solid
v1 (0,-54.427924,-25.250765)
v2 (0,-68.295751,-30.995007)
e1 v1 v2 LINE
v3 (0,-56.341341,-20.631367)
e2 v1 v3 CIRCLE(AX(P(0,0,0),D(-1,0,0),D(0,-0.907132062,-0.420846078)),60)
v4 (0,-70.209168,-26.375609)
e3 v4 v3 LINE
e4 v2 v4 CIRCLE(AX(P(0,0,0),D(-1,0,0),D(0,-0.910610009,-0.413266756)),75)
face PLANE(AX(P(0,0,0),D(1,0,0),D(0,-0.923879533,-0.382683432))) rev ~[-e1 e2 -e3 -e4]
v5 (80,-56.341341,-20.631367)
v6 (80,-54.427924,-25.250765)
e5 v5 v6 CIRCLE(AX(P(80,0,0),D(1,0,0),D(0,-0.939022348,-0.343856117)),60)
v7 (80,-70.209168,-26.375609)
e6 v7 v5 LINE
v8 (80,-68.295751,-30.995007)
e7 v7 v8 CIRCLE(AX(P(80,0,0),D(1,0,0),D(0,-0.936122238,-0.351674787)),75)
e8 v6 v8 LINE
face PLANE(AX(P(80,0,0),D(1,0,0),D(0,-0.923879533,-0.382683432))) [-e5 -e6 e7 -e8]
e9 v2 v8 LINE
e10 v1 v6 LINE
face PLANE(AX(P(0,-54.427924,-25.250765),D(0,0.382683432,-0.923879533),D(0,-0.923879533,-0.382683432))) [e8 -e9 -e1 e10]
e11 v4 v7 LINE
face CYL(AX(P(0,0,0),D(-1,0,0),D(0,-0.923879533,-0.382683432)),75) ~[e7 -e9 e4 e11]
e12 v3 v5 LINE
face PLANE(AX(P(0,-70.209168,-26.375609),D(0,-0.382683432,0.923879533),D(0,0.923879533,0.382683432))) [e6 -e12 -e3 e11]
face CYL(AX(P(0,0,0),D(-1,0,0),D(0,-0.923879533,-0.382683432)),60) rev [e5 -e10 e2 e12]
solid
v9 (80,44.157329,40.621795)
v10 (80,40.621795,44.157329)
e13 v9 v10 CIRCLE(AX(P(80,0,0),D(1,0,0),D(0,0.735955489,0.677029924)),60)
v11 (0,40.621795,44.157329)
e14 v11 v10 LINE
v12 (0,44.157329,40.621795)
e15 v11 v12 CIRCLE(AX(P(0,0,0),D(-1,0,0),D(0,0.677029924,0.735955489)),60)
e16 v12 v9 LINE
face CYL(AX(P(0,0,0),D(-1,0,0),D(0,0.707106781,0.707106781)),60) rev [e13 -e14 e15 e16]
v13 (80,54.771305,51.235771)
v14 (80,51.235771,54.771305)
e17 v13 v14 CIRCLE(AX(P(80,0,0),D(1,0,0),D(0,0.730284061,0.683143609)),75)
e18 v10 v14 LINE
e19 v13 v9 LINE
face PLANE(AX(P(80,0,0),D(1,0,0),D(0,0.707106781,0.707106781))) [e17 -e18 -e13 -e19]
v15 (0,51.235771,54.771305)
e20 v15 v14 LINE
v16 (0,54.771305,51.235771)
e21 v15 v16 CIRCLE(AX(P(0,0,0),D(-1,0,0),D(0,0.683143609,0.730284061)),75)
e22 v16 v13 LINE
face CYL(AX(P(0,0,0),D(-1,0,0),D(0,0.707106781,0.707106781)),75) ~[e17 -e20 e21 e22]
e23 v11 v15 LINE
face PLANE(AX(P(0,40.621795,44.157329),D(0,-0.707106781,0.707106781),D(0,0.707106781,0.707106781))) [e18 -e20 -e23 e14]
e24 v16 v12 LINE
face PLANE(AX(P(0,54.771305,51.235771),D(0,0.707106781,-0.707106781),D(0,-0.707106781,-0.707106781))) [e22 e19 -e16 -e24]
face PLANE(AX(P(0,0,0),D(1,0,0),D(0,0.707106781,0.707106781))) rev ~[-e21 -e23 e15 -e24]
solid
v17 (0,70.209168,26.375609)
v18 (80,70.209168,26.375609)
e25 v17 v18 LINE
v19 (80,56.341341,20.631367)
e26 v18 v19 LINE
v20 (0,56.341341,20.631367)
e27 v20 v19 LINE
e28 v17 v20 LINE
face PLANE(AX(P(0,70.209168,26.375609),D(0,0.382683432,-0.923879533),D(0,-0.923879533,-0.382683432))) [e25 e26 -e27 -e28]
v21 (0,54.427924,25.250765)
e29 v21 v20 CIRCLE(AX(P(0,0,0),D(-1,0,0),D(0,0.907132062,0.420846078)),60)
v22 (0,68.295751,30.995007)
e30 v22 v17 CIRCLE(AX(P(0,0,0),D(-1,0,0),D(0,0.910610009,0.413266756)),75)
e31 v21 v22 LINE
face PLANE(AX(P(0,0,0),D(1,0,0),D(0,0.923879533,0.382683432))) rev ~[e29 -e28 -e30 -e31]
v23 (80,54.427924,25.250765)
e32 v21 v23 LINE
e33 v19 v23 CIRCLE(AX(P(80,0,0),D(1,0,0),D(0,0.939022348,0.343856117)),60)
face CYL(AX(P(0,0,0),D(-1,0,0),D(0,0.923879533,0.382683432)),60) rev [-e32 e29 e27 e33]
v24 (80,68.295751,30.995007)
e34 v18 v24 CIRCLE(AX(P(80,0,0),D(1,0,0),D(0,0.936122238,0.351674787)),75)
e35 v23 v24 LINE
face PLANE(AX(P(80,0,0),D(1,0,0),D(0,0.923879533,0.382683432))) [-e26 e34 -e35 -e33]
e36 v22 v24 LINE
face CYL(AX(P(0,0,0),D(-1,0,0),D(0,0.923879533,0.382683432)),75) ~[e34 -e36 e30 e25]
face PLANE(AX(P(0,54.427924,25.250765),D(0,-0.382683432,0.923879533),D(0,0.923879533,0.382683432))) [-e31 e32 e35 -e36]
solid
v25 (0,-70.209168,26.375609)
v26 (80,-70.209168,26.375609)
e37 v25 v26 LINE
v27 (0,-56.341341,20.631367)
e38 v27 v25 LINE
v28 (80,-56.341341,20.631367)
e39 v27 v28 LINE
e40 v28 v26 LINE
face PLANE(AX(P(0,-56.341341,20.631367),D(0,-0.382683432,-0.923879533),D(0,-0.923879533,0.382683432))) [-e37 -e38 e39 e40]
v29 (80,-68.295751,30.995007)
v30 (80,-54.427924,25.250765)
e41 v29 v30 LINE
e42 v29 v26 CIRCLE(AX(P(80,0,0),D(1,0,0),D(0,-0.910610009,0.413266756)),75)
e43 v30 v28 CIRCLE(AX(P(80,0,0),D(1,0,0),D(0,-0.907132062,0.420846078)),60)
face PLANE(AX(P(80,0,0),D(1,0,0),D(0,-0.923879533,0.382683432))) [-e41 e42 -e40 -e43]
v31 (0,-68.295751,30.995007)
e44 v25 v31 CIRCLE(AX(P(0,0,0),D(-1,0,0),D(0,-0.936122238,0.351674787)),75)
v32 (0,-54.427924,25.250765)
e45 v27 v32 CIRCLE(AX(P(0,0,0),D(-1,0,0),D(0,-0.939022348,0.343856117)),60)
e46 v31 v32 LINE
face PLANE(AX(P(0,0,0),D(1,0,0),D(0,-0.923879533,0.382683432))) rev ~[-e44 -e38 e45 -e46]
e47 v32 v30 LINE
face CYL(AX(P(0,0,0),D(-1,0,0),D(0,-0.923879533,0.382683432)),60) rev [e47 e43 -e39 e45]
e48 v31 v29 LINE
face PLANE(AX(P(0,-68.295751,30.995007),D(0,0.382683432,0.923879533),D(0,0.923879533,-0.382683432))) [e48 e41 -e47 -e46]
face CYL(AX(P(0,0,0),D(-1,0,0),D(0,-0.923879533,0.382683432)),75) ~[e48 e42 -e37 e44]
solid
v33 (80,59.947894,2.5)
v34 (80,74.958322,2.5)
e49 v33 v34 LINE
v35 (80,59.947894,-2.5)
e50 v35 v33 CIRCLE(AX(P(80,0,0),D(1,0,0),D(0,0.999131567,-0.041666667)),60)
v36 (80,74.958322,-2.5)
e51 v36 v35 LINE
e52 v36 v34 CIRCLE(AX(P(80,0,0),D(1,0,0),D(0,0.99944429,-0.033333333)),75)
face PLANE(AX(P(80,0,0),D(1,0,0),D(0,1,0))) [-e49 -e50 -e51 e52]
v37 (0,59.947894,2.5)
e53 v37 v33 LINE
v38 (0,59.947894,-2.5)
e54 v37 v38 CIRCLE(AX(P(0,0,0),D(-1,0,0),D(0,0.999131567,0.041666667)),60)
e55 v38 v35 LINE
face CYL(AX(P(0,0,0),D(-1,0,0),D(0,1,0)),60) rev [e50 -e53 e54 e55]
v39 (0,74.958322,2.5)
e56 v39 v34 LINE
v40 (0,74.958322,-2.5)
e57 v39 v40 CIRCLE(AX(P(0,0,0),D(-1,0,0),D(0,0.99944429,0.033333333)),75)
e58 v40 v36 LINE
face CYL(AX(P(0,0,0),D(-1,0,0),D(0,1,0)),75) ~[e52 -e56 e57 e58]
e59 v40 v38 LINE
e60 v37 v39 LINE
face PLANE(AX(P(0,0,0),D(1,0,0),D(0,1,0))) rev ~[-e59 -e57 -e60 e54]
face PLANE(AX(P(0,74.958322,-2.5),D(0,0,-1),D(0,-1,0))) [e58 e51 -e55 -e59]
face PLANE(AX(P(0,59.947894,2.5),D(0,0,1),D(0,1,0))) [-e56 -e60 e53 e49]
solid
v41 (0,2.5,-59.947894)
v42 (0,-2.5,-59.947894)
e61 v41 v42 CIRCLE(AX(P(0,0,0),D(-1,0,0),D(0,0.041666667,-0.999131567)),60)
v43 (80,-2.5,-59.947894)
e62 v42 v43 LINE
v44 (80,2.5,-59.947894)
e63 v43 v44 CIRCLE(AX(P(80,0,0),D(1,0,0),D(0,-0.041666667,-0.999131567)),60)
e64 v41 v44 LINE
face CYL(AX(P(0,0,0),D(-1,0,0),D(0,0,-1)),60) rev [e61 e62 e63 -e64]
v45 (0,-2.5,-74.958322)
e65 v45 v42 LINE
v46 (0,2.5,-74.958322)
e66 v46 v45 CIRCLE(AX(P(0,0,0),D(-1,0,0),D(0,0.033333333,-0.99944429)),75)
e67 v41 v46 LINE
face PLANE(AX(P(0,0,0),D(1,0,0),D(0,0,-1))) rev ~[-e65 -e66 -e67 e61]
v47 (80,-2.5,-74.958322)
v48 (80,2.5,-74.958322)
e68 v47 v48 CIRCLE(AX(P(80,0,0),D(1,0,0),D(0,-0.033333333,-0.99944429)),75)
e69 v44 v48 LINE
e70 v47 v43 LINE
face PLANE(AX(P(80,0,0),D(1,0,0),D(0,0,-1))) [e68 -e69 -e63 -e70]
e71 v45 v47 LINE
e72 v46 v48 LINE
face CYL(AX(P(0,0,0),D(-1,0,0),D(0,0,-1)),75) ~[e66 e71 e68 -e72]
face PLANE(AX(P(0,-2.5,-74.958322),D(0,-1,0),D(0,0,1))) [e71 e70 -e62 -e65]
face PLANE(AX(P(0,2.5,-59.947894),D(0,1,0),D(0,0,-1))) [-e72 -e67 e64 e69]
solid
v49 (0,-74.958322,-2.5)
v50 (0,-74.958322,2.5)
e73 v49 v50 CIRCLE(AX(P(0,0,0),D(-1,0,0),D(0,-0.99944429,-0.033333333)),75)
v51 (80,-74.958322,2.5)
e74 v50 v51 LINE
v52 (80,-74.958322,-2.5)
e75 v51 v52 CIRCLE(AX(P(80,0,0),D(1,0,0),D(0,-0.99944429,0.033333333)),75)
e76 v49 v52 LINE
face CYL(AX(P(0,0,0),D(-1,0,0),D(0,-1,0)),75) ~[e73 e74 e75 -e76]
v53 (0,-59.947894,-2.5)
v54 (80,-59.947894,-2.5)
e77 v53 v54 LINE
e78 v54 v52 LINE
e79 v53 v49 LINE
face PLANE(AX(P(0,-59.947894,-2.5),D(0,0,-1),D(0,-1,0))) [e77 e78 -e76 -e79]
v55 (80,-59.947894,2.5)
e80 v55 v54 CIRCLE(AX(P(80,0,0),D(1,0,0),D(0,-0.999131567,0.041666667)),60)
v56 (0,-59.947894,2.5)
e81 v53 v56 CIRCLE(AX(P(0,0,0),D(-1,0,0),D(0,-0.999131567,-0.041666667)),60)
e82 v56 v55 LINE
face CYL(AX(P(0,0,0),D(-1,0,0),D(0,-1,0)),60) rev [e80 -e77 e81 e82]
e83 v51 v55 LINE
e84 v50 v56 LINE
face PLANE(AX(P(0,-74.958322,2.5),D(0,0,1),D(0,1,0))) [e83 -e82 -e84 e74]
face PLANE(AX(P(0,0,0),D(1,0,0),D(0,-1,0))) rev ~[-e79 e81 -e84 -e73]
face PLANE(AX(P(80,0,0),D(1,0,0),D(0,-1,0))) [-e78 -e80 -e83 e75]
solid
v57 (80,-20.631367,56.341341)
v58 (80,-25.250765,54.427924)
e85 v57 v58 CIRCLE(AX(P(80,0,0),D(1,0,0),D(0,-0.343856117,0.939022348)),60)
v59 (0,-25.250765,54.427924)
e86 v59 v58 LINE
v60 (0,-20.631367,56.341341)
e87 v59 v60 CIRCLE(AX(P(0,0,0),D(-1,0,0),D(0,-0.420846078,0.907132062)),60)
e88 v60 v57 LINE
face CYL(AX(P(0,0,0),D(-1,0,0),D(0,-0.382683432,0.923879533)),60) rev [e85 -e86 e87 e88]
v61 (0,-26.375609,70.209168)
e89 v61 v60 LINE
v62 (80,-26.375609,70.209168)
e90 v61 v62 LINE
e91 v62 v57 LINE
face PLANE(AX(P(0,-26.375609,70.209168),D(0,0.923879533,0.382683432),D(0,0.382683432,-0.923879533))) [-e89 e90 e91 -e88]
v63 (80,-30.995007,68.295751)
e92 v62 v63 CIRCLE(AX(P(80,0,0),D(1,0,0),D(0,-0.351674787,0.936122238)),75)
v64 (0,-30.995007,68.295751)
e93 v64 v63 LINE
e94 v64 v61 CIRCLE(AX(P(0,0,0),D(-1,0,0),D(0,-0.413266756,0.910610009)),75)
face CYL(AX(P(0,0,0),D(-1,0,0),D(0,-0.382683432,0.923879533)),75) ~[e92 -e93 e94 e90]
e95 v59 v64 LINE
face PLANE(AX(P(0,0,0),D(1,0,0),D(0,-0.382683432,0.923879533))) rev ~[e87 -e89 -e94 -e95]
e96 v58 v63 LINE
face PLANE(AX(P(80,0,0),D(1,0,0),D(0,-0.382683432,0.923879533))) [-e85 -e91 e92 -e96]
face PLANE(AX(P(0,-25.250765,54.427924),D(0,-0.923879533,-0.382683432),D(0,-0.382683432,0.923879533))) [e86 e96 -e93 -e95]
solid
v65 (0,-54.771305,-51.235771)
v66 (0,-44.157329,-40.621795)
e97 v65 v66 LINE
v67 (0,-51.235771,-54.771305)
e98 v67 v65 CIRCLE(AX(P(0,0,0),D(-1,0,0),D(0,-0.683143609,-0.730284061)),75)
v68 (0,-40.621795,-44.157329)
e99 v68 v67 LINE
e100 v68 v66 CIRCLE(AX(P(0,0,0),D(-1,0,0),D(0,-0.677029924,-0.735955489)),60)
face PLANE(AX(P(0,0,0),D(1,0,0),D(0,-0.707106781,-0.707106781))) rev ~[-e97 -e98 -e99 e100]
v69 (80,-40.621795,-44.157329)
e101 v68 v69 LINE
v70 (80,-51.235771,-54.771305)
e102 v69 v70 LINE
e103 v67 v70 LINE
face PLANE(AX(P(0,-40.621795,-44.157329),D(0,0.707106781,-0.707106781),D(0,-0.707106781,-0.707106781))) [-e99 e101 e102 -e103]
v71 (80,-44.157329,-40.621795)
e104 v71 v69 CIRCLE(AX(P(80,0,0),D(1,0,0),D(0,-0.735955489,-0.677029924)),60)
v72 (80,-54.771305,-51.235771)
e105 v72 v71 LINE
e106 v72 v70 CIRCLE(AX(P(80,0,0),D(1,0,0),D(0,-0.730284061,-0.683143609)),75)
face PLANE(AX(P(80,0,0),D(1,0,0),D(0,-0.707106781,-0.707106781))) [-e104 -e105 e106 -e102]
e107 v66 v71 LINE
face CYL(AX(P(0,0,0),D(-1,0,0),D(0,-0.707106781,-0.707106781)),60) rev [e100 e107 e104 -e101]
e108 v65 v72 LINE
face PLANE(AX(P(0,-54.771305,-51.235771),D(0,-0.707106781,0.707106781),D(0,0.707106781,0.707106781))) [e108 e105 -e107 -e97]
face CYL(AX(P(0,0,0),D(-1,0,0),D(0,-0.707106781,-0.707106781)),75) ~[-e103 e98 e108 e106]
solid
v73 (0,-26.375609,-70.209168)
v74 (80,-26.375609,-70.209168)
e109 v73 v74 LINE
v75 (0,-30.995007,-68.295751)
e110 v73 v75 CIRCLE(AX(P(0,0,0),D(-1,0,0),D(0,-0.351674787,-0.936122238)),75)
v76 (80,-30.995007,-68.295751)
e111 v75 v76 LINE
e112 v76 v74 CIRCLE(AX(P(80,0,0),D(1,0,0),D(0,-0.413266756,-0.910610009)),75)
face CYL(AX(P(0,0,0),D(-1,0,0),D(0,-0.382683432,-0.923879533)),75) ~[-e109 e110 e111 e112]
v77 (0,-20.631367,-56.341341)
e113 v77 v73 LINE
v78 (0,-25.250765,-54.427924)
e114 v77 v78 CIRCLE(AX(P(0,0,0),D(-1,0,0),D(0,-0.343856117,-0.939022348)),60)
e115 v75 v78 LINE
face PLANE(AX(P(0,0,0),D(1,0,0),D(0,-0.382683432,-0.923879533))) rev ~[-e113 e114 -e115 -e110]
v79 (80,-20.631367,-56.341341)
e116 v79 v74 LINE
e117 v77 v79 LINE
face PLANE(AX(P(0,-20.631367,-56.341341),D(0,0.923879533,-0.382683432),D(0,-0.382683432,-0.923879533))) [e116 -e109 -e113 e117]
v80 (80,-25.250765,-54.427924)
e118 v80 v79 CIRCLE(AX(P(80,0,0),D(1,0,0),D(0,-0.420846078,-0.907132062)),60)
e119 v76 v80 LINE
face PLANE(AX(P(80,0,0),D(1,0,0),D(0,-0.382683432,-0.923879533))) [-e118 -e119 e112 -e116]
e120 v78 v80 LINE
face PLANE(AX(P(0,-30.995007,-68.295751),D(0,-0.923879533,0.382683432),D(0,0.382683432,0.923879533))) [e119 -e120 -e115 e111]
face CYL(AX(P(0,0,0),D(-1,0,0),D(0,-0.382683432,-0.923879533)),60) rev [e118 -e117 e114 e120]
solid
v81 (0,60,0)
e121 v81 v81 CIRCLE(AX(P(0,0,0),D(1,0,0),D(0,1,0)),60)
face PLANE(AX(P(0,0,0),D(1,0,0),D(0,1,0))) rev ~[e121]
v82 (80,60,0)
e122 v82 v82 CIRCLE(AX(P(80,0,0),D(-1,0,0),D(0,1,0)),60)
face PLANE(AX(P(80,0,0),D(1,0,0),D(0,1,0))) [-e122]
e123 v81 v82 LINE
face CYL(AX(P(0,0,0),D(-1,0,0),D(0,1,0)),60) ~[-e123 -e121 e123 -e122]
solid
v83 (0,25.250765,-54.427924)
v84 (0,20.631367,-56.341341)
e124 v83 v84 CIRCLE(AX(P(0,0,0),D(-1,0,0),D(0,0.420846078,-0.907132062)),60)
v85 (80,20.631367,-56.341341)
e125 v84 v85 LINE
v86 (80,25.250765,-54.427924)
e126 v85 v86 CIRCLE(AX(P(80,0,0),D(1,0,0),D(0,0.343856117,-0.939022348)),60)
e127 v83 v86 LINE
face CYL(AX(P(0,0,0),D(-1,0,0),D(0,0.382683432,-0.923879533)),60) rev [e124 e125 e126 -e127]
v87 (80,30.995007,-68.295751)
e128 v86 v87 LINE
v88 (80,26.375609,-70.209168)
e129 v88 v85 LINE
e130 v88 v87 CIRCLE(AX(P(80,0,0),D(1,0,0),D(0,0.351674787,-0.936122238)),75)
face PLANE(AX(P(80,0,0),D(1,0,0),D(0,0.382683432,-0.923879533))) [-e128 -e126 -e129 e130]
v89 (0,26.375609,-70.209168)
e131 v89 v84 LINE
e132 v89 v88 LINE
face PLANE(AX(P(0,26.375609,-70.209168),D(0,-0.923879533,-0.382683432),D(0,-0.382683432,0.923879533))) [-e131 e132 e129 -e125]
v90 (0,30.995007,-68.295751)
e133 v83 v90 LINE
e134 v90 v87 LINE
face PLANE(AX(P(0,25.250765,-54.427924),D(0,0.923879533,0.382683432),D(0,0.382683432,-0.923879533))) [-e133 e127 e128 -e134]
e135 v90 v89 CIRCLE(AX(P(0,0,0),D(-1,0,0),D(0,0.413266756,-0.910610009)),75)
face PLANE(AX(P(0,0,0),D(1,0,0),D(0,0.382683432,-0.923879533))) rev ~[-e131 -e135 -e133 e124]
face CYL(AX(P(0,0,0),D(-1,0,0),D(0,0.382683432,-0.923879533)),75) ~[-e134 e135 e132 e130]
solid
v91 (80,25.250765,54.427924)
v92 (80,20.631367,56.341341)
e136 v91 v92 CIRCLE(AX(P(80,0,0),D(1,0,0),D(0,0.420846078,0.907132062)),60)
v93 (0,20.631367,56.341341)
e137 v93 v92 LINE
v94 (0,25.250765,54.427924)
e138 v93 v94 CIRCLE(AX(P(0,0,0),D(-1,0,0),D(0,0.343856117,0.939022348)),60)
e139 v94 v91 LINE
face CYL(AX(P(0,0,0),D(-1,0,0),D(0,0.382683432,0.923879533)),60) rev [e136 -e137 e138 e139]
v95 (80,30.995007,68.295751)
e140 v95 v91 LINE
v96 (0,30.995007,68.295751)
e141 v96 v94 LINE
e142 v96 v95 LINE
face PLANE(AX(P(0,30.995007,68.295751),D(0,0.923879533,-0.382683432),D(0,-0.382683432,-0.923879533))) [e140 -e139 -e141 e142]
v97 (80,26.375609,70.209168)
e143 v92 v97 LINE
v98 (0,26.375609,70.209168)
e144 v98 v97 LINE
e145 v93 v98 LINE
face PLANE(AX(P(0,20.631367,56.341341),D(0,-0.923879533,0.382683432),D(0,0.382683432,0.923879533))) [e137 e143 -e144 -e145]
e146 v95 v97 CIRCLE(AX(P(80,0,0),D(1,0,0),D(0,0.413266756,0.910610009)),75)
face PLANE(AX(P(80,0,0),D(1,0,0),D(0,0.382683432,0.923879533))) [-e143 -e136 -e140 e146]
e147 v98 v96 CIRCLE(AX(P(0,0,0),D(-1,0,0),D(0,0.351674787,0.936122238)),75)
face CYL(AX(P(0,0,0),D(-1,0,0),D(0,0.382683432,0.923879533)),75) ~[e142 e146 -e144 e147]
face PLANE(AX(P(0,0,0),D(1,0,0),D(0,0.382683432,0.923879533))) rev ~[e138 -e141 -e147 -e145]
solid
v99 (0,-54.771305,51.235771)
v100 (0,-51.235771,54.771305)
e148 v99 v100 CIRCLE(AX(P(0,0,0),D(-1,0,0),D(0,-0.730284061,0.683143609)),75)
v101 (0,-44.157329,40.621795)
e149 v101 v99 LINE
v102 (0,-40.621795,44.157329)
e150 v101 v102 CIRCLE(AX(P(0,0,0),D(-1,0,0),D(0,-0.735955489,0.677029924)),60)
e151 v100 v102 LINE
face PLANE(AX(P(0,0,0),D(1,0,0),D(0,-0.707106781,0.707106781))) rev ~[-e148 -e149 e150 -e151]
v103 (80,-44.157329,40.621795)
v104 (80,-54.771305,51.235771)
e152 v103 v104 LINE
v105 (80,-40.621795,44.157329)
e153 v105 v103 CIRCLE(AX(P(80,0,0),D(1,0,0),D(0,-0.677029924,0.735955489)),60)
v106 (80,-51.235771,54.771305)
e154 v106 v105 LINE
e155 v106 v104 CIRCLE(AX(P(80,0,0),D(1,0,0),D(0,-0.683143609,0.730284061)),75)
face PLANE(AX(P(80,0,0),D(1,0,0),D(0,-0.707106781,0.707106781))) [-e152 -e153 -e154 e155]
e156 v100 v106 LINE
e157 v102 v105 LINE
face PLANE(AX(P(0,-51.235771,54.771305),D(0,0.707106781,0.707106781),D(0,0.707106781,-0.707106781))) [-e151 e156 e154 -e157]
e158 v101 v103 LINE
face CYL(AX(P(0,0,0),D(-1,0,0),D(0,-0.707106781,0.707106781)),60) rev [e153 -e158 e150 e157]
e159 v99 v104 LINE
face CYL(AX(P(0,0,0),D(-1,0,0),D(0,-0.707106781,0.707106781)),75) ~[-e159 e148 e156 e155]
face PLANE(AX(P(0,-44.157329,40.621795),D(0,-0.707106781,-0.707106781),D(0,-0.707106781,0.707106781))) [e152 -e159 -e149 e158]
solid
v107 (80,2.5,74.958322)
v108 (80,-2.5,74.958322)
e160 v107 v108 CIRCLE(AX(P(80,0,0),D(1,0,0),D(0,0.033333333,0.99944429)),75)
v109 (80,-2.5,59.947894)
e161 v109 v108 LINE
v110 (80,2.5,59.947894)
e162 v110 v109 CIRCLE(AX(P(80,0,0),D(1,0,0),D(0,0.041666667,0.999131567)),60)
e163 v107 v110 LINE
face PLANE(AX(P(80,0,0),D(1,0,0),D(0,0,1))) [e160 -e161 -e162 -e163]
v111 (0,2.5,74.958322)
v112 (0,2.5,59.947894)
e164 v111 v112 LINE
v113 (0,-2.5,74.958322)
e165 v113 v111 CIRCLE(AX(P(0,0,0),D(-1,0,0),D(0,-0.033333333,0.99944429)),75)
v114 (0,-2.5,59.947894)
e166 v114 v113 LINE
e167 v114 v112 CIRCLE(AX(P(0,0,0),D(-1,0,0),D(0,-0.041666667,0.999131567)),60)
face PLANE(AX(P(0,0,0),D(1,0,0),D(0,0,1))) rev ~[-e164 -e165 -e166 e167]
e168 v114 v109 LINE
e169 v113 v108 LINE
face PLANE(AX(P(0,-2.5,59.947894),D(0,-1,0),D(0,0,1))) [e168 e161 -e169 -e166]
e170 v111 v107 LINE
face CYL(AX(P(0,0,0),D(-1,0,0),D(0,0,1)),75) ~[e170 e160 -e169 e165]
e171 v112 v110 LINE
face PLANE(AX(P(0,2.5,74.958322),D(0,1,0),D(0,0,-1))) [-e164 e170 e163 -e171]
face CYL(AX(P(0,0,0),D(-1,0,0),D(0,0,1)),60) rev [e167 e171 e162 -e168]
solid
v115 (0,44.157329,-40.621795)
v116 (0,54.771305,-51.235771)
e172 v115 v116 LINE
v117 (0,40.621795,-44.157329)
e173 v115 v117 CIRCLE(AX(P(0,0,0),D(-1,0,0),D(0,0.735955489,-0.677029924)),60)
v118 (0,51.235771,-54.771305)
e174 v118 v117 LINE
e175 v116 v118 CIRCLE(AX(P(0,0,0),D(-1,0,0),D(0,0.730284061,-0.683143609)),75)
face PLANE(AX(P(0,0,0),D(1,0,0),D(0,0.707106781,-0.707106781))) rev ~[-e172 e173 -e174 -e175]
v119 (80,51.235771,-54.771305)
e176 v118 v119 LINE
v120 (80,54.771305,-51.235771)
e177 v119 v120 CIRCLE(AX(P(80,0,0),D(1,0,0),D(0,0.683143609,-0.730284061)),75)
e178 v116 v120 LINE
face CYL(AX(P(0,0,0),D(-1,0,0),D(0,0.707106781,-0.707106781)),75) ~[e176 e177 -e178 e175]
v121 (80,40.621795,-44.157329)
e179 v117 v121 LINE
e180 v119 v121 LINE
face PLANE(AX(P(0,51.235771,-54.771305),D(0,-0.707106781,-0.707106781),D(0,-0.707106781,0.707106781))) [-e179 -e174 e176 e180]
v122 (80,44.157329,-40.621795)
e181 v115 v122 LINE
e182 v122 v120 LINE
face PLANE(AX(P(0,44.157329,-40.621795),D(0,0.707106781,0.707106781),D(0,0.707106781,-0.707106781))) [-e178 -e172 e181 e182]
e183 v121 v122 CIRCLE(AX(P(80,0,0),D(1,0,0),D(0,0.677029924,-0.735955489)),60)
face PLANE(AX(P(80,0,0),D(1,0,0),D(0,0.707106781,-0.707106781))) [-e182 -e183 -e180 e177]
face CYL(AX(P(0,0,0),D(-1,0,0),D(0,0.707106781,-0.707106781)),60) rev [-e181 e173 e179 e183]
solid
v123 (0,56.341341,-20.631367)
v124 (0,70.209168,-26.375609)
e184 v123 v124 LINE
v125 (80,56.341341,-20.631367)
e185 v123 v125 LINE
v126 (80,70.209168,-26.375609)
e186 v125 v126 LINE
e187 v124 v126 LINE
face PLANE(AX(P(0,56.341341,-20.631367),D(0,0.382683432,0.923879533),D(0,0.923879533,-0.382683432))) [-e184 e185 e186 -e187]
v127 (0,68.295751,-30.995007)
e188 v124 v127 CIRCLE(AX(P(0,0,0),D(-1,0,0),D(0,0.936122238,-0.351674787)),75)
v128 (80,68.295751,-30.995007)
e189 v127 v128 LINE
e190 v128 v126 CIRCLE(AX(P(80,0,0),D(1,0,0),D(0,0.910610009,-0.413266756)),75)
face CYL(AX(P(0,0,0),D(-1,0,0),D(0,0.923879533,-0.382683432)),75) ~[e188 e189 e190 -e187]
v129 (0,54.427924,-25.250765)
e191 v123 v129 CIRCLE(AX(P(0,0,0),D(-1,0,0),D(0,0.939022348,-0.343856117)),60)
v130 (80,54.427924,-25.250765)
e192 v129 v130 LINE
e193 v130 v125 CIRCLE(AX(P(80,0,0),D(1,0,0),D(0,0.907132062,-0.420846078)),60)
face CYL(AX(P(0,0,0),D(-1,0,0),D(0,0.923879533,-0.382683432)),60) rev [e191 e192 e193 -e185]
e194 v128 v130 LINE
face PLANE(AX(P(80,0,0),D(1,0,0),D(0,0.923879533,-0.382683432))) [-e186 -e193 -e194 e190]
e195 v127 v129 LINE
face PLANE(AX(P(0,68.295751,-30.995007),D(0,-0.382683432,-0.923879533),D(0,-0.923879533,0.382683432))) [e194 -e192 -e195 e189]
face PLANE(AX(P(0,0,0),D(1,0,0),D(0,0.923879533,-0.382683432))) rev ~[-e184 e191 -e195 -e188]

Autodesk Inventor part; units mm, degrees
ref_plane "YZ Plane" through (0, 0, 0) normal (1, 0, 0) x (0, 1, 0)
ref_plane "XZ Plane" through (0, 0, 0) normal (0, 1, 0) x (-1, 0, 0)
ref_plane "XY Plane" through (0, 0, 0) normal (0, 0, 1) x (1, 0, 0)
sketch "スケッチ1" plane through (0, 0, 0) normal (1, 0, 0) x (0, 1, 0)
  circle A0 centre (0, 0) radius 75
  circle A1 centre (0, 0) radius 60
  line L0 (45, 2.5) -> (75, 2.5)
  line L1 (75, 2.5) -> (75, -2.5)
  line L2 (75, -2.5) -> (45, -2.5)
  line L3 (45, -2.5) -> (45, 2.5)
  line L4 (45, 2.5) -> (75, -2.5) construction
  line L5 (75, 2.5) -> (45, -2.5) construction
  line L6 (75, 0) -> (0, 0)
  point P0 (60, 0)
  point P1 (59.9479, -2.5)
  point P2 (74.9583, -2.5)
  point P3 (74.9583, 2.5)
  point P4 (59.9479, 2.5)
  dimension "d0" = 150
  dimension "d1" = 120
  dimension "d2" = 5
extrude "押し出し1" add sketch "スケッチ1" along normal blind 80 contours L6 L3 L0 A1 | A1 L2 L3 L6 | L0 L3 L2 A1
extrude "押し出し2" add sketch "スケッチ1" along normal blind 80 separate body contours L6 A1 L0 A0 | A0 L2 A1 L6
pattern_circular "円形状パターン1" count 16 over 360 about axis through (-10, 0, 0) along (1, 0, 0) of "押し出し2" bodies 2
properties part number "wheel"
